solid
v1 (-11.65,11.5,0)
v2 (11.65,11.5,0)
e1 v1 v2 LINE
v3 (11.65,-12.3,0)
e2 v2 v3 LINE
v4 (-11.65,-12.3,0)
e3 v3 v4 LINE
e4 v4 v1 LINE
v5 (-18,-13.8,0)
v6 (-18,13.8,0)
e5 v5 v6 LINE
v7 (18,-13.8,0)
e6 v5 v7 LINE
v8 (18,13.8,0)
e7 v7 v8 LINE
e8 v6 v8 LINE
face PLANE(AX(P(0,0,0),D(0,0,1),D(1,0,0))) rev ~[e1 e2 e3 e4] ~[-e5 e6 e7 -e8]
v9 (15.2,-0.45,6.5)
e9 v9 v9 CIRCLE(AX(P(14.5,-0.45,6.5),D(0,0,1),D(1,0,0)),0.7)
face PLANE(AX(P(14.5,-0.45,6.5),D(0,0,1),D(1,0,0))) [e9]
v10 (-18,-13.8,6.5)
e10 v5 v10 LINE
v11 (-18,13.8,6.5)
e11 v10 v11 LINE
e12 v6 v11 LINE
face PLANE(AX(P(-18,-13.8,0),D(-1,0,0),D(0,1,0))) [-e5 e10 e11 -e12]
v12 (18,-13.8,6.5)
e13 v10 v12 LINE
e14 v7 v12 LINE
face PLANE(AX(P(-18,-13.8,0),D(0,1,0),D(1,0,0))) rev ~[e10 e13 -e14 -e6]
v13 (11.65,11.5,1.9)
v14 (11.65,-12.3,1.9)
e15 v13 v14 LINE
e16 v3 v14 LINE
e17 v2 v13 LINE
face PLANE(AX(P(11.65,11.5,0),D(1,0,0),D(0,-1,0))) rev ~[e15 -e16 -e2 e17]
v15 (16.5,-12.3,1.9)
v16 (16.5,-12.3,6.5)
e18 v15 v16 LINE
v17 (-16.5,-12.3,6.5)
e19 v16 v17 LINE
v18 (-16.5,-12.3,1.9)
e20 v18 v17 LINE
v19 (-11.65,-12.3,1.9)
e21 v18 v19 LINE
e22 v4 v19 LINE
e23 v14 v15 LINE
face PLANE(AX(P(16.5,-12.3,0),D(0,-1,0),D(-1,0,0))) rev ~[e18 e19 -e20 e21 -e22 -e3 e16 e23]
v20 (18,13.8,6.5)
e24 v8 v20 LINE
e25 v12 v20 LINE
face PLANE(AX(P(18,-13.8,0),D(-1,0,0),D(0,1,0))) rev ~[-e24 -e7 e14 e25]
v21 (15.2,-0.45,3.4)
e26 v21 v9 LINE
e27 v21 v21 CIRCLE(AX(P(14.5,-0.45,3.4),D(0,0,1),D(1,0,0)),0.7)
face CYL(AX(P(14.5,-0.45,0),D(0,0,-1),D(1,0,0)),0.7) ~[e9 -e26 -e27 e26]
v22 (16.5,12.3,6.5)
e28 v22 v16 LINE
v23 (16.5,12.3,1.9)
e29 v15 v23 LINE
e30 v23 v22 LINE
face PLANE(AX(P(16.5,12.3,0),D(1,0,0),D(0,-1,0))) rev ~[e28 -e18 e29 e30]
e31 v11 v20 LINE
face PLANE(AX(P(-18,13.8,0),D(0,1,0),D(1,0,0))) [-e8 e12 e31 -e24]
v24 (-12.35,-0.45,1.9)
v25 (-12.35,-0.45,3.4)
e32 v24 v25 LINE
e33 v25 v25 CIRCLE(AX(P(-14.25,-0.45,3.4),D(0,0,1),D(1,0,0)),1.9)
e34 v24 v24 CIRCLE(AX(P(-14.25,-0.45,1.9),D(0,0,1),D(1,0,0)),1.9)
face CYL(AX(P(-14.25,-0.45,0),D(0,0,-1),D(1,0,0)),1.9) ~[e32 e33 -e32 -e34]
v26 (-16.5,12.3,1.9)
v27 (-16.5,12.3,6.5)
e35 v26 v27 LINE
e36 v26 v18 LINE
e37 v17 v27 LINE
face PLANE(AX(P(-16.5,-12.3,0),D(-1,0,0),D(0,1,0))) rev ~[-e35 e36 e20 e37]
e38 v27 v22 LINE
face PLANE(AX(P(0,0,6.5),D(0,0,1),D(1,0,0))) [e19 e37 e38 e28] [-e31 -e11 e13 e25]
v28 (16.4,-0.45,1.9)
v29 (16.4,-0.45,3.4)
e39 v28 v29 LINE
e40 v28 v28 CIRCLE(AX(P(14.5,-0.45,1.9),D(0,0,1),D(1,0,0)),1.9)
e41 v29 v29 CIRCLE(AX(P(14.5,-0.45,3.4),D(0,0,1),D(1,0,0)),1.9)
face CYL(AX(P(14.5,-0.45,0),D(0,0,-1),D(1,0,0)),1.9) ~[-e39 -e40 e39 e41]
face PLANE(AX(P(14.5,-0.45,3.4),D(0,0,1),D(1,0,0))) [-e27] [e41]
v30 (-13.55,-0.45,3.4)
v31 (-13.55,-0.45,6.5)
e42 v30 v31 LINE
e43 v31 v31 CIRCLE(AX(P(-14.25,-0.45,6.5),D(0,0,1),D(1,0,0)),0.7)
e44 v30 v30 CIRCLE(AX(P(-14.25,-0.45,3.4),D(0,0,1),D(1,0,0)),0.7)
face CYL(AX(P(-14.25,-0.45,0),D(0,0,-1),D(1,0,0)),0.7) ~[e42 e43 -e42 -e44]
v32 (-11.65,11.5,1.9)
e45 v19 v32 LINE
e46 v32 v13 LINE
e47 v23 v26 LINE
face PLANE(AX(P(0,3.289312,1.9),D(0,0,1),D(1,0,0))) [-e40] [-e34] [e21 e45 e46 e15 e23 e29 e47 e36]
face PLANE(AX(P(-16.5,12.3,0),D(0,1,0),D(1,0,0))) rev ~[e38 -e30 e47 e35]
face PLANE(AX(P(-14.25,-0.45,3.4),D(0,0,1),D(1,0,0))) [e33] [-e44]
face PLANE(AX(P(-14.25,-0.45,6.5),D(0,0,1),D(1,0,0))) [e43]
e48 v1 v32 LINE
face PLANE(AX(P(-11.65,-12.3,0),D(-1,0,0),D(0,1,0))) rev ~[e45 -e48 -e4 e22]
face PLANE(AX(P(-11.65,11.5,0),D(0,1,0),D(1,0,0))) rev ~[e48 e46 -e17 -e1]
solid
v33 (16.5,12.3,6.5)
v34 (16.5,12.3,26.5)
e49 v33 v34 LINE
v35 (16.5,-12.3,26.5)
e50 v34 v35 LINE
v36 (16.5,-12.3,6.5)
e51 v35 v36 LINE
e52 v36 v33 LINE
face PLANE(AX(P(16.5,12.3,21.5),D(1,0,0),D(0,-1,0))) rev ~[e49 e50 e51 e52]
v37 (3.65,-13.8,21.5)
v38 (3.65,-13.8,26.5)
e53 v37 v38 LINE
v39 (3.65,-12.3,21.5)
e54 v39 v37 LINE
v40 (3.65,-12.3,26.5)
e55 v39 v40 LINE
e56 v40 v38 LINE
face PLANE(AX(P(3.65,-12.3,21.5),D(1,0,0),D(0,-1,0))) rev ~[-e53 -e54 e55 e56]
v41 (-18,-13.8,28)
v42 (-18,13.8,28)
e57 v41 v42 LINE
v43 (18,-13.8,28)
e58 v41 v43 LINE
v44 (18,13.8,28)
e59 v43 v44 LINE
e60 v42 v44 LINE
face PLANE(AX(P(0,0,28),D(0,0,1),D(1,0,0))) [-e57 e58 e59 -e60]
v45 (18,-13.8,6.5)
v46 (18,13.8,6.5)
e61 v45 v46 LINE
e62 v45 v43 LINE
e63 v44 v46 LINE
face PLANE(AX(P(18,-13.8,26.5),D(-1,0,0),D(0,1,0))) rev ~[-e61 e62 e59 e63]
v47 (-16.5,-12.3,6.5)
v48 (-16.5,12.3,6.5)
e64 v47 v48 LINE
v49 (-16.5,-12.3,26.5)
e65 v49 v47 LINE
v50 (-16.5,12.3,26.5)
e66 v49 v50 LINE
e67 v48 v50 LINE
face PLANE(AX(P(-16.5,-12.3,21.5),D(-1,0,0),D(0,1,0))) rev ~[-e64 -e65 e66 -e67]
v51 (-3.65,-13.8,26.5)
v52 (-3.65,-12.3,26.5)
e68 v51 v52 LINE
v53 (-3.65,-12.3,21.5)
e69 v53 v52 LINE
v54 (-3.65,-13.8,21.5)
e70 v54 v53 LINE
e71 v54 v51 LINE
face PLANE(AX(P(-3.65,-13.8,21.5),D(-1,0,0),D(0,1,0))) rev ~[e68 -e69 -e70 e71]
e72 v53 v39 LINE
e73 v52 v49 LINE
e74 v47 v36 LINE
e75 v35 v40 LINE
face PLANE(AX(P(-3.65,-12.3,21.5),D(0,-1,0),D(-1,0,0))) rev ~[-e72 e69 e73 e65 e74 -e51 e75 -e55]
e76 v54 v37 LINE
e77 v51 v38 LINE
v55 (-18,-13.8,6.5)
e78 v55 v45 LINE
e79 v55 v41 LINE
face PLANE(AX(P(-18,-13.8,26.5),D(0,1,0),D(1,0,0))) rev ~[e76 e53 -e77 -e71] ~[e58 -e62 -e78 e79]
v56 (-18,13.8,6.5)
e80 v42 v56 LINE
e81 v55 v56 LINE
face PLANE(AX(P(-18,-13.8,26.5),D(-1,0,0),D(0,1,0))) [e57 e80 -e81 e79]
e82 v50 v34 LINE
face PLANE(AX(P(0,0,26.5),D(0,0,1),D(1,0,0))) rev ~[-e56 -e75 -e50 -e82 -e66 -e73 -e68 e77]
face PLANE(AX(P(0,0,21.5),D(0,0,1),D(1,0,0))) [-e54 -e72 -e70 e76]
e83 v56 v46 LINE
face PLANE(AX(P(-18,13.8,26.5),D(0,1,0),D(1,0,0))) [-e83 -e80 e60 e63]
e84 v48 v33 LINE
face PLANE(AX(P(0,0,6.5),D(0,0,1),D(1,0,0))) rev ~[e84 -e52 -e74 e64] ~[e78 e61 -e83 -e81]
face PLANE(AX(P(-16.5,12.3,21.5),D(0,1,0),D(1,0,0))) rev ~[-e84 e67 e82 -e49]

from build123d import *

# Parameters (mm, degrees)
F0_R      = 1.9
F1_DEPTH  = 1.9
F0_W      = 36
F0_H      = 27.6
F2_DEPTH  = 6.5
F0_R_2    = 0.7
F3_DEPTH  = 3.4
F4_DEPTH  = 6.5
F5_W      = 36
F5_H      = 27.6
F5_W_2    = 33
F5_H_2    = 24.6
F6_DEPTH  = 15
F8_DEPTH  = 5
F9_W      = 36
F9_H      = 27.6
F10_DEPTH = 1.5


with BuildPart() as f1:
    # F0 (on Top) → F1 (new body)
    with BuildSketch(Plane.XY):
        Polygon((16.5, -12.3), (16.5, 12.3), (-16.5, 12.3), (-16.5, -12.3), (-11.65, -12.3), (-11.65, 11.5), (11.65, 11.5), (11.65, -12.3), align=None)
        with Locations((-14.25, -0.45)):
            Circle(F0_R, mode=Mode.SUBTRACT)
        with Locations((14.5, -0.45)):
            Circle(F0_R, mode=Mode.SUBTRACT)
    extrude(amount=F1_DEPTH)

    # F0 (on Top) → F2 (join)
    with BuildSketch(Plane.XY):
        Rectangle(F0_W, F0_H)
        Polygon((-16.5, 12.3), (16.5, 12.3), (16.5, -12.3), (11.65, -12.3), (-11.65, -12.3), (-16.5, -12.3), align=None, mode=Mode.SUBTRACT)
    extrude(amount=F2_DEPTH)

    # F0 (on Top) → F3 (join)
    with BuildSketch(Plane.XY):
        with Locations((-14.25, -0.45)):
            Circle(F0_R)
        with Locations((-14.25, -0.45)):
            Circle(F0_R_2, mode=Mode.SUBTRACT)
        with Locations((14.5, -0.45)):
            Circle(F0_R)
        with Locations((14.5, -0.45)):
            Circle(F0_R_2, mode=Mode.SUBTRACT)
    extrude(amount=F3_DEPTH)

    # F0 (on Top) → F4 (join)
    with BuildSketch(Plane.XY):
        with Locations((-14.25, -0.45)):
            Circle(F0_R_2)
        with Locations((14.5, -0.45)):
            Circle(F0_R_2)
    extrude(amount=F4_DEPTH)


with BuildPart() as f6:
    # F5 (on face) → F6 (new body)
    with BuildSketch(Plane.XY.offset(6.5)):
        Rectangle(F5_W, F5_H)
        Rectangle(F5_W_2, F5_H_2, mode=Mode.SUBTRACT)
    extrude(amount=F6_DEPTH)

    # F7 (on face) → F8 (join)
    with BuildSketch(Plane.XY.offset(21.5)):
        Polygon((-16.5, -12.3), (-16.5, 12.3), (16.5, 12.3), (16.5, -12.3), (3.65, -12.3), (3.65, -13.8), (18, -13.8), (18, 13.8), (-18, 13.8), (-18, -13.8), (-3.65, -13.8), (-3.65, -12.3), align=None)
    extrude(amount=F8_DEPTH)

    # F9 (on face) → F10 (join)
    with BuildSketch(Plane.XY.offset(26.5)):
        Rectangle(F9_W, F9_H)
    extrude(amount=F10_DEPTH)


solid = Compound([f1.part, f6.part])
